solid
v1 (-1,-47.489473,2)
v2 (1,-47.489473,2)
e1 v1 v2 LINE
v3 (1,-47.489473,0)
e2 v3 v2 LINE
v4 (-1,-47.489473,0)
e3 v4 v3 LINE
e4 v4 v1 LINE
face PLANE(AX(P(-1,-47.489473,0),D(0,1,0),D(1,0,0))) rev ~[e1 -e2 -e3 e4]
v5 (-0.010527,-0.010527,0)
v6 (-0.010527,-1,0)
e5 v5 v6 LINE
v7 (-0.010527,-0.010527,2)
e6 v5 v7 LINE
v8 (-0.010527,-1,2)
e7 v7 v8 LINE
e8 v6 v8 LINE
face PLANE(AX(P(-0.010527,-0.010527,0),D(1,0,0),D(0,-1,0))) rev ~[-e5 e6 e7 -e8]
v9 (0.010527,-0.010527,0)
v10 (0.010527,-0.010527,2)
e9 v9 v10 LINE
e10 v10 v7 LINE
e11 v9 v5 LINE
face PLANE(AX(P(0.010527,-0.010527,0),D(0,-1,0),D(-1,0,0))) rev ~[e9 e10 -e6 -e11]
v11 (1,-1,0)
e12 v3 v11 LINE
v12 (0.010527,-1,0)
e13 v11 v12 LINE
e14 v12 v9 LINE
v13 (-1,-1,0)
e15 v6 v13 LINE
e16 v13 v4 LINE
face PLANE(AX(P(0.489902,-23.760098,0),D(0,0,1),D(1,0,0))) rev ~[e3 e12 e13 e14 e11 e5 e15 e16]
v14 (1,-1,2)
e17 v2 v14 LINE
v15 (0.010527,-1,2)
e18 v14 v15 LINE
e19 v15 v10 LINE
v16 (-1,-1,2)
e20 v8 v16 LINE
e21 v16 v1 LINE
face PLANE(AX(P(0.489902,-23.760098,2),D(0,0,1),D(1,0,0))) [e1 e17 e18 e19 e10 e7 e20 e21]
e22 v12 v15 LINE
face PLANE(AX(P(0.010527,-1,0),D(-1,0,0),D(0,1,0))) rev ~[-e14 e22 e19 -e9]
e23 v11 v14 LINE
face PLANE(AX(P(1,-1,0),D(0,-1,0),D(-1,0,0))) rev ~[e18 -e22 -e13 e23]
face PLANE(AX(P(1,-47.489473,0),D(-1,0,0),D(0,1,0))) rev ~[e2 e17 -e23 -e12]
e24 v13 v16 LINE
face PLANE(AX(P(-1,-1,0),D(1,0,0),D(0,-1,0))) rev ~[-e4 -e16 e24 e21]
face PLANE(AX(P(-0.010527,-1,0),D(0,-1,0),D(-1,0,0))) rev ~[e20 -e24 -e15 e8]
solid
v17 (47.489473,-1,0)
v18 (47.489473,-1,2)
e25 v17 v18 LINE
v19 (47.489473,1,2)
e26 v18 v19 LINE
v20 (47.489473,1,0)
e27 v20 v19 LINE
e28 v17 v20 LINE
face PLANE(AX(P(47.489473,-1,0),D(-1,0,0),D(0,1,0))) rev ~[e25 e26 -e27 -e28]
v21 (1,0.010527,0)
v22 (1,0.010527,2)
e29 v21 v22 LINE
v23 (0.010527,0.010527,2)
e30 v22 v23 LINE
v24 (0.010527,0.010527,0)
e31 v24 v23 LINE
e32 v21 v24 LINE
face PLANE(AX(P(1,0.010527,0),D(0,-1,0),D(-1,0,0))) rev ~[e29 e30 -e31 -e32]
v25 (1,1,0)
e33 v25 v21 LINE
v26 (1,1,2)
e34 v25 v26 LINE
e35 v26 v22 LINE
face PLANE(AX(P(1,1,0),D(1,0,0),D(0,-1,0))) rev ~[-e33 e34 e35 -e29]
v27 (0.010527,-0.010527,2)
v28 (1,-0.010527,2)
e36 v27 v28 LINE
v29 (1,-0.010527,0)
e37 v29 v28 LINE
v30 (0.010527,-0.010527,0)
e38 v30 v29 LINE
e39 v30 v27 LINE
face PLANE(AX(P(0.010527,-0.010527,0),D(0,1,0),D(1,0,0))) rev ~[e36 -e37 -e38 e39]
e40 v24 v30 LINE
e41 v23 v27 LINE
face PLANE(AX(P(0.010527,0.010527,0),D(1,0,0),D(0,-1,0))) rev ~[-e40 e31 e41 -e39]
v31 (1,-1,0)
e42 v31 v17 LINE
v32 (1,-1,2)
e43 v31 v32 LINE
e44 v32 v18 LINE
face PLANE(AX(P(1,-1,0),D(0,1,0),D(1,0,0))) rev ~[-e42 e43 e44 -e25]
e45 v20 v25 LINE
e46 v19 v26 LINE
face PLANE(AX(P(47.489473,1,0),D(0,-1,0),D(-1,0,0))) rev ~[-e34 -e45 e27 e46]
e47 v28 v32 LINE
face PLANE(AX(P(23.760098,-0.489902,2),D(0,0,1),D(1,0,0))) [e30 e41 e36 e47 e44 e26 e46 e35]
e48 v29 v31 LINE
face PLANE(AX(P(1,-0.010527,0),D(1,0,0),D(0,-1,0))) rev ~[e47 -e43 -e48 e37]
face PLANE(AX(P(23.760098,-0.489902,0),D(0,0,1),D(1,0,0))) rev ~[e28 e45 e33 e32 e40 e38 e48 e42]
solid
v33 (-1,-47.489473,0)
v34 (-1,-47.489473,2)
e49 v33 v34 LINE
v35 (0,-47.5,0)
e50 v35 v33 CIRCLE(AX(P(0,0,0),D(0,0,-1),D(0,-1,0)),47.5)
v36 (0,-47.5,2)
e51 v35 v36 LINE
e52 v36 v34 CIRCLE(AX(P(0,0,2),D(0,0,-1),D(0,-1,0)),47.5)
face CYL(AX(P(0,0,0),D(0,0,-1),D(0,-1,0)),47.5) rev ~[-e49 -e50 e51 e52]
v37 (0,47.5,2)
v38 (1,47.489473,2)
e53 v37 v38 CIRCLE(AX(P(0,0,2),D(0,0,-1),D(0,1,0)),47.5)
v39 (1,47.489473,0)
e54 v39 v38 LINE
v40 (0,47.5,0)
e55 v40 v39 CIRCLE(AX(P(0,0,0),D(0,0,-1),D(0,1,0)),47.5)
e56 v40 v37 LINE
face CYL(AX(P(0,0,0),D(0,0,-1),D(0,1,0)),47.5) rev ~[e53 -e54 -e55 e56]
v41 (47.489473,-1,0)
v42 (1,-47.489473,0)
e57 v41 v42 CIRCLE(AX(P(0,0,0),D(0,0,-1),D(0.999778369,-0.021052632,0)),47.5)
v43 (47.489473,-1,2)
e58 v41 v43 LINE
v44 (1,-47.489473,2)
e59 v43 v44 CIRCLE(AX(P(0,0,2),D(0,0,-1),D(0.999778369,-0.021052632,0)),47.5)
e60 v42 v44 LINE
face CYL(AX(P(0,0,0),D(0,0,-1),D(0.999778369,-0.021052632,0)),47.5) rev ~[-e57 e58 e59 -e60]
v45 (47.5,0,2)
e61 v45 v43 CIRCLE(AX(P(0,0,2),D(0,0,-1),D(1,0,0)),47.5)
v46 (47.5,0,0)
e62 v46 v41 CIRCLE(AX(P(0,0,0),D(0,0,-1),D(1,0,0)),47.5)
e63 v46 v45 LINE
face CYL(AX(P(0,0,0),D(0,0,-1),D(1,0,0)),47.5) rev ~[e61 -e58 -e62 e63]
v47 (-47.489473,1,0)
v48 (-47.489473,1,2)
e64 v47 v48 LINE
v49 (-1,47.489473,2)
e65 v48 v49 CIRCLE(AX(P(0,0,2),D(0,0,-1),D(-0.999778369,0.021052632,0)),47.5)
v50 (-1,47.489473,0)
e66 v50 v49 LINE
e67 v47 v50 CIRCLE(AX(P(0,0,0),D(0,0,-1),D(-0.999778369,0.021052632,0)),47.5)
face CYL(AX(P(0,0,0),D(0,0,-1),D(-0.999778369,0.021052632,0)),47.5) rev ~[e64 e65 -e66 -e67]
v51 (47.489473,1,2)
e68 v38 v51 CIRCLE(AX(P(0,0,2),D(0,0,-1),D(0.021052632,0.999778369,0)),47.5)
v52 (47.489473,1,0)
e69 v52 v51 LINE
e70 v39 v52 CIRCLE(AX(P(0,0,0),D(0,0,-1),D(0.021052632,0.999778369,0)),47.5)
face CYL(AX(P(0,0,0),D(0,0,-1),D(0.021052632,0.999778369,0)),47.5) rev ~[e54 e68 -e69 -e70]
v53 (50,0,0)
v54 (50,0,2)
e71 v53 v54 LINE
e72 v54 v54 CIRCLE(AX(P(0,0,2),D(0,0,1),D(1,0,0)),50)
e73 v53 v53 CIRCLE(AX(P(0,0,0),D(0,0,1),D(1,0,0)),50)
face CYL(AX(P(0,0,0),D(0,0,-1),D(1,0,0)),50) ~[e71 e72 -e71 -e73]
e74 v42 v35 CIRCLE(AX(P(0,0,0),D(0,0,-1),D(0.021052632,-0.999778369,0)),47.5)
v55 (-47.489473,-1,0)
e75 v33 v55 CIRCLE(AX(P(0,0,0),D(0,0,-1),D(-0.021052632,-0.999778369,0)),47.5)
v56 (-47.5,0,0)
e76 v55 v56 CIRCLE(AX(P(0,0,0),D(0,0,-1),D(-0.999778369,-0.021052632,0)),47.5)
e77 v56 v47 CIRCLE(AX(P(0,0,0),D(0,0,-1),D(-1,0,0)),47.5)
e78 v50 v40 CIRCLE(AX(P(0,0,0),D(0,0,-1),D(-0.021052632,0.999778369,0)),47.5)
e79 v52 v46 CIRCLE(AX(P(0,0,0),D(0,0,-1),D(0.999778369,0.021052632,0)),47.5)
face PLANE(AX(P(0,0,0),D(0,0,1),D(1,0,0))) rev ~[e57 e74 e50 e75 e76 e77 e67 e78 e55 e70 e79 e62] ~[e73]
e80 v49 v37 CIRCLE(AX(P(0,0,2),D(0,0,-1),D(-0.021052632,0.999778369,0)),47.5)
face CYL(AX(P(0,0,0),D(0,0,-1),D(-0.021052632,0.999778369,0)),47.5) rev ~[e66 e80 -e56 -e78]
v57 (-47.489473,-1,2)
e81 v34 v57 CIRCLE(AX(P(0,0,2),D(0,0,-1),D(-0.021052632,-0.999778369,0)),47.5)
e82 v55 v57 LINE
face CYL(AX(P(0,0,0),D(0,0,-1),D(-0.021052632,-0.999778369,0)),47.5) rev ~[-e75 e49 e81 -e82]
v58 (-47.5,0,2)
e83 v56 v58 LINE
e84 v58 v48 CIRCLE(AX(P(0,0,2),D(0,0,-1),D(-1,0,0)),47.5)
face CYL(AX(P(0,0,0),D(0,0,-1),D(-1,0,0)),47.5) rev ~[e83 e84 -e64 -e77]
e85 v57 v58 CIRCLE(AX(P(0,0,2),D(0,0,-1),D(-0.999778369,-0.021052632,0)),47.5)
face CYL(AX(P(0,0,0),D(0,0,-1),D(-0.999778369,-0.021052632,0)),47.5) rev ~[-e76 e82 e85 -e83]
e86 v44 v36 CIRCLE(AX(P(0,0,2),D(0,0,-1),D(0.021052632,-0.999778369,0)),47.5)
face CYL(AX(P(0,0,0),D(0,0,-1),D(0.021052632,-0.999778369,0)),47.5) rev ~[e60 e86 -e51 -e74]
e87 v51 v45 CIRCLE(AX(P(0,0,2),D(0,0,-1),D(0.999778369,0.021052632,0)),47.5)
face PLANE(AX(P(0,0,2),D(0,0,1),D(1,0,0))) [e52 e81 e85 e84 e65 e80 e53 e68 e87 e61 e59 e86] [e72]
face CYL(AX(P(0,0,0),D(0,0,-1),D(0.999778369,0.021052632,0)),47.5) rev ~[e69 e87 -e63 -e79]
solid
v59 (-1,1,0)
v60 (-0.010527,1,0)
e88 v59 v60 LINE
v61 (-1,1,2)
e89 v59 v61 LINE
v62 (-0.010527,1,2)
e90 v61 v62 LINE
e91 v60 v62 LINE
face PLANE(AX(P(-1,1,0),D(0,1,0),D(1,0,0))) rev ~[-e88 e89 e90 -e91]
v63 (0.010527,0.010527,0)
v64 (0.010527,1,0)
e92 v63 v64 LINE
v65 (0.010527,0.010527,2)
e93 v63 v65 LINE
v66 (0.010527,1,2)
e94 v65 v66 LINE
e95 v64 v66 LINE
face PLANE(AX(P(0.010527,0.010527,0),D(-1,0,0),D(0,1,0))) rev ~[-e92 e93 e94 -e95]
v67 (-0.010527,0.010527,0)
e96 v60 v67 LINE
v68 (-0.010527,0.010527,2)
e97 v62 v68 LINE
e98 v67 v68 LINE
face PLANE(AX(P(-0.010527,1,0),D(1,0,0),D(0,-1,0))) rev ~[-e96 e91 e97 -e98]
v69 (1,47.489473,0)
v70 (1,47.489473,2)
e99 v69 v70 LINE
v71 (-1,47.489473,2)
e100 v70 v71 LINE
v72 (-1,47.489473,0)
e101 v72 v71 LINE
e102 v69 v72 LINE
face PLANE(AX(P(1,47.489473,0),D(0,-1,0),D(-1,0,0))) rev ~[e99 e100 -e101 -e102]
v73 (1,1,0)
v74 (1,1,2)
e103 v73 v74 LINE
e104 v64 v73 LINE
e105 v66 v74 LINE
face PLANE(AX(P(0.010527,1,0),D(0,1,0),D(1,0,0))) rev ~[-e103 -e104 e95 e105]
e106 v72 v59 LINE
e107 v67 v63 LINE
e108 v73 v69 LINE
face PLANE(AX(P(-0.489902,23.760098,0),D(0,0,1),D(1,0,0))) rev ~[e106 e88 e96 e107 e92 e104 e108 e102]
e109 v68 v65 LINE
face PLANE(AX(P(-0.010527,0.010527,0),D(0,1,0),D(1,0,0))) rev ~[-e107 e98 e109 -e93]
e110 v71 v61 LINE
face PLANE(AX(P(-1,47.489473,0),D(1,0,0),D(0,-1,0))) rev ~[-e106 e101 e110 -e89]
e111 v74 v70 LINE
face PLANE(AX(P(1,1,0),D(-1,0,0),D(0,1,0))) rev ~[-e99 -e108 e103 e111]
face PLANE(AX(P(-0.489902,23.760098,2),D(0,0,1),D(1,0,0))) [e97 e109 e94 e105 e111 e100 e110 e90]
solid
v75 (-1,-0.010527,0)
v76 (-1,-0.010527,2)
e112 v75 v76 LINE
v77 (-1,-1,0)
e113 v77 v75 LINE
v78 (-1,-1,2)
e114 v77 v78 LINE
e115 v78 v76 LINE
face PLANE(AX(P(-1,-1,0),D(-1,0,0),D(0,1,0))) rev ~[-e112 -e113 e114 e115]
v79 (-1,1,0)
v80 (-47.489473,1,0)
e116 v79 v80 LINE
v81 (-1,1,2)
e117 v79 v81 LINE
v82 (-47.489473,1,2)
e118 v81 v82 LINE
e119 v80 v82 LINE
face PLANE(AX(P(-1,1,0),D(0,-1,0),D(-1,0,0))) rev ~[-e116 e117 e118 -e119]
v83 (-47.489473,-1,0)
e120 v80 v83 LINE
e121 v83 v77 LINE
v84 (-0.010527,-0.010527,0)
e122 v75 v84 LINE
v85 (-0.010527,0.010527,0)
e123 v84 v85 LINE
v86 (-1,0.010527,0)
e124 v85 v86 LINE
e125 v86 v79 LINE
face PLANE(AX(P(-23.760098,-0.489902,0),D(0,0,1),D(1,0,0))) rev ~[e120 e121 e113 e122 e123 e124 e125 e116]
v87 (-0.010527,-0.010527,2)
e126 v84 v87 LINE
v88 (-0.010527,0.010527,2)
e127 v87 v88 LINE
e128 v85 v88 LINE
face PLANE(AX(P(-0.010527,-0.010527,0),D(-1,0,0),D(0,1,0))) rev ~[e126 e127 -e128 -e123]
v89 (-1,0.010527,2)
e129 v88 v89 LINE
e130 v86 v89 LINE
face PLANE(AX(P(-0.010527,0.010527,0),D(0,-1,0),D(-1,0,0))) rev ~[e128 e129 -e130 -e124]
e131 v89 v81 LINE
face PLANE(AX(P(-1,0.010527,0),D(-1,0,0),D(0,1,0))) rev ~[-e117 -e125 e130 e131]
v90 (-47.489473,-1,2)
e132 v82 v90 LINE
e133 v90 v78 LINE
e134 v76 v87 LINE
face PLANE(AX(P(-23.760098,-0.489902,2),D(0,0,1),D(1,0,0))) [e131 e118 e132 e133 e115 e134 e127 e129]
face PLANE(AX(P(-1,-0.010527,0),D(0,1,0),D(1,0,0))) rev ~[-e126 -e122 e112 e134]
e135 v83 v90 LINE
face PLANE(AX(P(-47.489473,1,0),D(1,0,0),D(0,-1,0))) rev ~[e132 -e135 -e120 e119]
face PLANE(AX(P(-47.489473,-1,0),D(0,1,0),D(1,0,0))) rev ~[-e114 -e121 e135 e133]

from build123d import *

# Parameters (mm, degrees)
F0_R     = 50
F1_DEPTH = 2


with BuildPart() as f1:
    # F0 (on Top) → F1 (new body)
    with BuildSketch(Plane.XY):
        Circle(F0_R)
        with BuildLine():
            ThreePointArc((47.4894725176, 1), (47.4973680565, 0.5000277062), (47.5, 0))
            ThreePointArc((47.5, 0), (47.4973680565, -0.5000277062), (47.4894725176, -1))
            ThreePointArc((47.4894725176, -1), (33.5875721064, -33.5875721064), (1, -47.4894725176))
            ThreePointArc((1, -47.4894725176), (0.5000277062, -47.4973680565), (0, -47.5))
            ThreePointArc((0, -47.5), (-0.5000277062, -47.4973680565), (-1, -47.4894725176))
            ThreePointArc((-1, -47.4894725176), (-33.5875721064, -33.5875721064), (-47.4894725176, -1))
            ThreePointArc((-47.4894725176, -1), (-47.4973680565, -0.5000277062), (-47.5, 0))
            ThreePointArc((-47.5, 0), (-47.4973680565, 0.5000277062), (-47.4894725176, 1))
            ThreePointArc((-47.4894725176, 1), (-33.5875721064, 33.5875721064), (-1, 47.4894725176))
            ThreePointArc((-1, 47.4894725176), (-0.5000277062, 47.4973680565), (0, 47.5))
            ThreePointArc((0, 47.5), (0.5000277062, 47.4973680565), (1, 47.4894725176))
            ThreePointArc((1, 47.4894725176), (33.5875721064, 33.5875721064), (47.4894725176, 1))
        make_face(mode=Mode.SUBTRACT)
    extrude(amount=F1_DEPTH)


with BuildPart() as f1b:
    # F0 (on Top) → F1, piece 2 (new body)
    with BuildSketch(Plane.XY):
        Polygon((-0.0105274824, -0.0105274824), (-0.0105274824, 0), (-47.4894725176, 0), (-47.4894725176, -1), (-1, -1), (-1, -0.0105274824), align=None)
        Polygon((-47.4894725176, 0), (-0.0105274824, 0), (-0.0105274824, 0.0105274824), (-1, 0.0105274824), (-1, 1), (-47.4894725176, 1), align=None)
    extrude(amount=F1_DEPTH)


with BuildPart() as f1c:
    # F0 (on Top) → F1, piece 3 (new body)
    with BuildSketch(Plane.XY):
        Polygon((0, 0.0105274824), (0, 47.4894725176), (-1, 47.4894725176), (-1, 1), (-0.0105274824, 1), (-0.0105274824, 0.0105274824), align=None)
        Polygon((1, 1), (1, 47.4894725176), (0, 47.4894725176), (0, 0.0105274824), (0.0105274824, 0.0105274824), (0.0105274824, 1), align=None)
    extrude(amount=F1_DEPTH)


with BuildPart() as f1d:
    # F0 (on Top) → F1, piece 4 (new body)
    with BuildSketch(Plane.XY):
        Polygon((1, -1), (47.4894725176, -1), (47.4894725176, 0), (0.0105274824, 0), (0.0105274824, -0.0105274824), (1, -0.0105274824), align=None)
        Polygon((47.4894725176, 0), (47.4894725176, 1), (1, 1), (1, 0.0105274824), (0.0105274824, 0.0105274824), (0.0105274824, 0), align=None)
    extrude(amount=F1_DEPTH)


with BuildPart() as f1e:
    # F0 (on Top) → F1, piece 5 (new body)
    with BuildSketch(Plane.XY):
        Polygon((0, -47.4894725176), (1, -47.4894725176), (1, -1), (0.0105274824, -1), (0.0105274824, -0.0105274824), (0, -0.0105274824), align=None)
        Polygon((-1, -47.4894725176), (0, -47.4894725176), (0, -0.0105274824), (-0.0105274824, -0.0105274824), (-0.0105274824, -1), (-1, -1), align=None)
    extrude(amount=F1_DEPTH)


solid = Compound([f1.part, f1b.part, f1c.part, f1d.part, f1e.part])
